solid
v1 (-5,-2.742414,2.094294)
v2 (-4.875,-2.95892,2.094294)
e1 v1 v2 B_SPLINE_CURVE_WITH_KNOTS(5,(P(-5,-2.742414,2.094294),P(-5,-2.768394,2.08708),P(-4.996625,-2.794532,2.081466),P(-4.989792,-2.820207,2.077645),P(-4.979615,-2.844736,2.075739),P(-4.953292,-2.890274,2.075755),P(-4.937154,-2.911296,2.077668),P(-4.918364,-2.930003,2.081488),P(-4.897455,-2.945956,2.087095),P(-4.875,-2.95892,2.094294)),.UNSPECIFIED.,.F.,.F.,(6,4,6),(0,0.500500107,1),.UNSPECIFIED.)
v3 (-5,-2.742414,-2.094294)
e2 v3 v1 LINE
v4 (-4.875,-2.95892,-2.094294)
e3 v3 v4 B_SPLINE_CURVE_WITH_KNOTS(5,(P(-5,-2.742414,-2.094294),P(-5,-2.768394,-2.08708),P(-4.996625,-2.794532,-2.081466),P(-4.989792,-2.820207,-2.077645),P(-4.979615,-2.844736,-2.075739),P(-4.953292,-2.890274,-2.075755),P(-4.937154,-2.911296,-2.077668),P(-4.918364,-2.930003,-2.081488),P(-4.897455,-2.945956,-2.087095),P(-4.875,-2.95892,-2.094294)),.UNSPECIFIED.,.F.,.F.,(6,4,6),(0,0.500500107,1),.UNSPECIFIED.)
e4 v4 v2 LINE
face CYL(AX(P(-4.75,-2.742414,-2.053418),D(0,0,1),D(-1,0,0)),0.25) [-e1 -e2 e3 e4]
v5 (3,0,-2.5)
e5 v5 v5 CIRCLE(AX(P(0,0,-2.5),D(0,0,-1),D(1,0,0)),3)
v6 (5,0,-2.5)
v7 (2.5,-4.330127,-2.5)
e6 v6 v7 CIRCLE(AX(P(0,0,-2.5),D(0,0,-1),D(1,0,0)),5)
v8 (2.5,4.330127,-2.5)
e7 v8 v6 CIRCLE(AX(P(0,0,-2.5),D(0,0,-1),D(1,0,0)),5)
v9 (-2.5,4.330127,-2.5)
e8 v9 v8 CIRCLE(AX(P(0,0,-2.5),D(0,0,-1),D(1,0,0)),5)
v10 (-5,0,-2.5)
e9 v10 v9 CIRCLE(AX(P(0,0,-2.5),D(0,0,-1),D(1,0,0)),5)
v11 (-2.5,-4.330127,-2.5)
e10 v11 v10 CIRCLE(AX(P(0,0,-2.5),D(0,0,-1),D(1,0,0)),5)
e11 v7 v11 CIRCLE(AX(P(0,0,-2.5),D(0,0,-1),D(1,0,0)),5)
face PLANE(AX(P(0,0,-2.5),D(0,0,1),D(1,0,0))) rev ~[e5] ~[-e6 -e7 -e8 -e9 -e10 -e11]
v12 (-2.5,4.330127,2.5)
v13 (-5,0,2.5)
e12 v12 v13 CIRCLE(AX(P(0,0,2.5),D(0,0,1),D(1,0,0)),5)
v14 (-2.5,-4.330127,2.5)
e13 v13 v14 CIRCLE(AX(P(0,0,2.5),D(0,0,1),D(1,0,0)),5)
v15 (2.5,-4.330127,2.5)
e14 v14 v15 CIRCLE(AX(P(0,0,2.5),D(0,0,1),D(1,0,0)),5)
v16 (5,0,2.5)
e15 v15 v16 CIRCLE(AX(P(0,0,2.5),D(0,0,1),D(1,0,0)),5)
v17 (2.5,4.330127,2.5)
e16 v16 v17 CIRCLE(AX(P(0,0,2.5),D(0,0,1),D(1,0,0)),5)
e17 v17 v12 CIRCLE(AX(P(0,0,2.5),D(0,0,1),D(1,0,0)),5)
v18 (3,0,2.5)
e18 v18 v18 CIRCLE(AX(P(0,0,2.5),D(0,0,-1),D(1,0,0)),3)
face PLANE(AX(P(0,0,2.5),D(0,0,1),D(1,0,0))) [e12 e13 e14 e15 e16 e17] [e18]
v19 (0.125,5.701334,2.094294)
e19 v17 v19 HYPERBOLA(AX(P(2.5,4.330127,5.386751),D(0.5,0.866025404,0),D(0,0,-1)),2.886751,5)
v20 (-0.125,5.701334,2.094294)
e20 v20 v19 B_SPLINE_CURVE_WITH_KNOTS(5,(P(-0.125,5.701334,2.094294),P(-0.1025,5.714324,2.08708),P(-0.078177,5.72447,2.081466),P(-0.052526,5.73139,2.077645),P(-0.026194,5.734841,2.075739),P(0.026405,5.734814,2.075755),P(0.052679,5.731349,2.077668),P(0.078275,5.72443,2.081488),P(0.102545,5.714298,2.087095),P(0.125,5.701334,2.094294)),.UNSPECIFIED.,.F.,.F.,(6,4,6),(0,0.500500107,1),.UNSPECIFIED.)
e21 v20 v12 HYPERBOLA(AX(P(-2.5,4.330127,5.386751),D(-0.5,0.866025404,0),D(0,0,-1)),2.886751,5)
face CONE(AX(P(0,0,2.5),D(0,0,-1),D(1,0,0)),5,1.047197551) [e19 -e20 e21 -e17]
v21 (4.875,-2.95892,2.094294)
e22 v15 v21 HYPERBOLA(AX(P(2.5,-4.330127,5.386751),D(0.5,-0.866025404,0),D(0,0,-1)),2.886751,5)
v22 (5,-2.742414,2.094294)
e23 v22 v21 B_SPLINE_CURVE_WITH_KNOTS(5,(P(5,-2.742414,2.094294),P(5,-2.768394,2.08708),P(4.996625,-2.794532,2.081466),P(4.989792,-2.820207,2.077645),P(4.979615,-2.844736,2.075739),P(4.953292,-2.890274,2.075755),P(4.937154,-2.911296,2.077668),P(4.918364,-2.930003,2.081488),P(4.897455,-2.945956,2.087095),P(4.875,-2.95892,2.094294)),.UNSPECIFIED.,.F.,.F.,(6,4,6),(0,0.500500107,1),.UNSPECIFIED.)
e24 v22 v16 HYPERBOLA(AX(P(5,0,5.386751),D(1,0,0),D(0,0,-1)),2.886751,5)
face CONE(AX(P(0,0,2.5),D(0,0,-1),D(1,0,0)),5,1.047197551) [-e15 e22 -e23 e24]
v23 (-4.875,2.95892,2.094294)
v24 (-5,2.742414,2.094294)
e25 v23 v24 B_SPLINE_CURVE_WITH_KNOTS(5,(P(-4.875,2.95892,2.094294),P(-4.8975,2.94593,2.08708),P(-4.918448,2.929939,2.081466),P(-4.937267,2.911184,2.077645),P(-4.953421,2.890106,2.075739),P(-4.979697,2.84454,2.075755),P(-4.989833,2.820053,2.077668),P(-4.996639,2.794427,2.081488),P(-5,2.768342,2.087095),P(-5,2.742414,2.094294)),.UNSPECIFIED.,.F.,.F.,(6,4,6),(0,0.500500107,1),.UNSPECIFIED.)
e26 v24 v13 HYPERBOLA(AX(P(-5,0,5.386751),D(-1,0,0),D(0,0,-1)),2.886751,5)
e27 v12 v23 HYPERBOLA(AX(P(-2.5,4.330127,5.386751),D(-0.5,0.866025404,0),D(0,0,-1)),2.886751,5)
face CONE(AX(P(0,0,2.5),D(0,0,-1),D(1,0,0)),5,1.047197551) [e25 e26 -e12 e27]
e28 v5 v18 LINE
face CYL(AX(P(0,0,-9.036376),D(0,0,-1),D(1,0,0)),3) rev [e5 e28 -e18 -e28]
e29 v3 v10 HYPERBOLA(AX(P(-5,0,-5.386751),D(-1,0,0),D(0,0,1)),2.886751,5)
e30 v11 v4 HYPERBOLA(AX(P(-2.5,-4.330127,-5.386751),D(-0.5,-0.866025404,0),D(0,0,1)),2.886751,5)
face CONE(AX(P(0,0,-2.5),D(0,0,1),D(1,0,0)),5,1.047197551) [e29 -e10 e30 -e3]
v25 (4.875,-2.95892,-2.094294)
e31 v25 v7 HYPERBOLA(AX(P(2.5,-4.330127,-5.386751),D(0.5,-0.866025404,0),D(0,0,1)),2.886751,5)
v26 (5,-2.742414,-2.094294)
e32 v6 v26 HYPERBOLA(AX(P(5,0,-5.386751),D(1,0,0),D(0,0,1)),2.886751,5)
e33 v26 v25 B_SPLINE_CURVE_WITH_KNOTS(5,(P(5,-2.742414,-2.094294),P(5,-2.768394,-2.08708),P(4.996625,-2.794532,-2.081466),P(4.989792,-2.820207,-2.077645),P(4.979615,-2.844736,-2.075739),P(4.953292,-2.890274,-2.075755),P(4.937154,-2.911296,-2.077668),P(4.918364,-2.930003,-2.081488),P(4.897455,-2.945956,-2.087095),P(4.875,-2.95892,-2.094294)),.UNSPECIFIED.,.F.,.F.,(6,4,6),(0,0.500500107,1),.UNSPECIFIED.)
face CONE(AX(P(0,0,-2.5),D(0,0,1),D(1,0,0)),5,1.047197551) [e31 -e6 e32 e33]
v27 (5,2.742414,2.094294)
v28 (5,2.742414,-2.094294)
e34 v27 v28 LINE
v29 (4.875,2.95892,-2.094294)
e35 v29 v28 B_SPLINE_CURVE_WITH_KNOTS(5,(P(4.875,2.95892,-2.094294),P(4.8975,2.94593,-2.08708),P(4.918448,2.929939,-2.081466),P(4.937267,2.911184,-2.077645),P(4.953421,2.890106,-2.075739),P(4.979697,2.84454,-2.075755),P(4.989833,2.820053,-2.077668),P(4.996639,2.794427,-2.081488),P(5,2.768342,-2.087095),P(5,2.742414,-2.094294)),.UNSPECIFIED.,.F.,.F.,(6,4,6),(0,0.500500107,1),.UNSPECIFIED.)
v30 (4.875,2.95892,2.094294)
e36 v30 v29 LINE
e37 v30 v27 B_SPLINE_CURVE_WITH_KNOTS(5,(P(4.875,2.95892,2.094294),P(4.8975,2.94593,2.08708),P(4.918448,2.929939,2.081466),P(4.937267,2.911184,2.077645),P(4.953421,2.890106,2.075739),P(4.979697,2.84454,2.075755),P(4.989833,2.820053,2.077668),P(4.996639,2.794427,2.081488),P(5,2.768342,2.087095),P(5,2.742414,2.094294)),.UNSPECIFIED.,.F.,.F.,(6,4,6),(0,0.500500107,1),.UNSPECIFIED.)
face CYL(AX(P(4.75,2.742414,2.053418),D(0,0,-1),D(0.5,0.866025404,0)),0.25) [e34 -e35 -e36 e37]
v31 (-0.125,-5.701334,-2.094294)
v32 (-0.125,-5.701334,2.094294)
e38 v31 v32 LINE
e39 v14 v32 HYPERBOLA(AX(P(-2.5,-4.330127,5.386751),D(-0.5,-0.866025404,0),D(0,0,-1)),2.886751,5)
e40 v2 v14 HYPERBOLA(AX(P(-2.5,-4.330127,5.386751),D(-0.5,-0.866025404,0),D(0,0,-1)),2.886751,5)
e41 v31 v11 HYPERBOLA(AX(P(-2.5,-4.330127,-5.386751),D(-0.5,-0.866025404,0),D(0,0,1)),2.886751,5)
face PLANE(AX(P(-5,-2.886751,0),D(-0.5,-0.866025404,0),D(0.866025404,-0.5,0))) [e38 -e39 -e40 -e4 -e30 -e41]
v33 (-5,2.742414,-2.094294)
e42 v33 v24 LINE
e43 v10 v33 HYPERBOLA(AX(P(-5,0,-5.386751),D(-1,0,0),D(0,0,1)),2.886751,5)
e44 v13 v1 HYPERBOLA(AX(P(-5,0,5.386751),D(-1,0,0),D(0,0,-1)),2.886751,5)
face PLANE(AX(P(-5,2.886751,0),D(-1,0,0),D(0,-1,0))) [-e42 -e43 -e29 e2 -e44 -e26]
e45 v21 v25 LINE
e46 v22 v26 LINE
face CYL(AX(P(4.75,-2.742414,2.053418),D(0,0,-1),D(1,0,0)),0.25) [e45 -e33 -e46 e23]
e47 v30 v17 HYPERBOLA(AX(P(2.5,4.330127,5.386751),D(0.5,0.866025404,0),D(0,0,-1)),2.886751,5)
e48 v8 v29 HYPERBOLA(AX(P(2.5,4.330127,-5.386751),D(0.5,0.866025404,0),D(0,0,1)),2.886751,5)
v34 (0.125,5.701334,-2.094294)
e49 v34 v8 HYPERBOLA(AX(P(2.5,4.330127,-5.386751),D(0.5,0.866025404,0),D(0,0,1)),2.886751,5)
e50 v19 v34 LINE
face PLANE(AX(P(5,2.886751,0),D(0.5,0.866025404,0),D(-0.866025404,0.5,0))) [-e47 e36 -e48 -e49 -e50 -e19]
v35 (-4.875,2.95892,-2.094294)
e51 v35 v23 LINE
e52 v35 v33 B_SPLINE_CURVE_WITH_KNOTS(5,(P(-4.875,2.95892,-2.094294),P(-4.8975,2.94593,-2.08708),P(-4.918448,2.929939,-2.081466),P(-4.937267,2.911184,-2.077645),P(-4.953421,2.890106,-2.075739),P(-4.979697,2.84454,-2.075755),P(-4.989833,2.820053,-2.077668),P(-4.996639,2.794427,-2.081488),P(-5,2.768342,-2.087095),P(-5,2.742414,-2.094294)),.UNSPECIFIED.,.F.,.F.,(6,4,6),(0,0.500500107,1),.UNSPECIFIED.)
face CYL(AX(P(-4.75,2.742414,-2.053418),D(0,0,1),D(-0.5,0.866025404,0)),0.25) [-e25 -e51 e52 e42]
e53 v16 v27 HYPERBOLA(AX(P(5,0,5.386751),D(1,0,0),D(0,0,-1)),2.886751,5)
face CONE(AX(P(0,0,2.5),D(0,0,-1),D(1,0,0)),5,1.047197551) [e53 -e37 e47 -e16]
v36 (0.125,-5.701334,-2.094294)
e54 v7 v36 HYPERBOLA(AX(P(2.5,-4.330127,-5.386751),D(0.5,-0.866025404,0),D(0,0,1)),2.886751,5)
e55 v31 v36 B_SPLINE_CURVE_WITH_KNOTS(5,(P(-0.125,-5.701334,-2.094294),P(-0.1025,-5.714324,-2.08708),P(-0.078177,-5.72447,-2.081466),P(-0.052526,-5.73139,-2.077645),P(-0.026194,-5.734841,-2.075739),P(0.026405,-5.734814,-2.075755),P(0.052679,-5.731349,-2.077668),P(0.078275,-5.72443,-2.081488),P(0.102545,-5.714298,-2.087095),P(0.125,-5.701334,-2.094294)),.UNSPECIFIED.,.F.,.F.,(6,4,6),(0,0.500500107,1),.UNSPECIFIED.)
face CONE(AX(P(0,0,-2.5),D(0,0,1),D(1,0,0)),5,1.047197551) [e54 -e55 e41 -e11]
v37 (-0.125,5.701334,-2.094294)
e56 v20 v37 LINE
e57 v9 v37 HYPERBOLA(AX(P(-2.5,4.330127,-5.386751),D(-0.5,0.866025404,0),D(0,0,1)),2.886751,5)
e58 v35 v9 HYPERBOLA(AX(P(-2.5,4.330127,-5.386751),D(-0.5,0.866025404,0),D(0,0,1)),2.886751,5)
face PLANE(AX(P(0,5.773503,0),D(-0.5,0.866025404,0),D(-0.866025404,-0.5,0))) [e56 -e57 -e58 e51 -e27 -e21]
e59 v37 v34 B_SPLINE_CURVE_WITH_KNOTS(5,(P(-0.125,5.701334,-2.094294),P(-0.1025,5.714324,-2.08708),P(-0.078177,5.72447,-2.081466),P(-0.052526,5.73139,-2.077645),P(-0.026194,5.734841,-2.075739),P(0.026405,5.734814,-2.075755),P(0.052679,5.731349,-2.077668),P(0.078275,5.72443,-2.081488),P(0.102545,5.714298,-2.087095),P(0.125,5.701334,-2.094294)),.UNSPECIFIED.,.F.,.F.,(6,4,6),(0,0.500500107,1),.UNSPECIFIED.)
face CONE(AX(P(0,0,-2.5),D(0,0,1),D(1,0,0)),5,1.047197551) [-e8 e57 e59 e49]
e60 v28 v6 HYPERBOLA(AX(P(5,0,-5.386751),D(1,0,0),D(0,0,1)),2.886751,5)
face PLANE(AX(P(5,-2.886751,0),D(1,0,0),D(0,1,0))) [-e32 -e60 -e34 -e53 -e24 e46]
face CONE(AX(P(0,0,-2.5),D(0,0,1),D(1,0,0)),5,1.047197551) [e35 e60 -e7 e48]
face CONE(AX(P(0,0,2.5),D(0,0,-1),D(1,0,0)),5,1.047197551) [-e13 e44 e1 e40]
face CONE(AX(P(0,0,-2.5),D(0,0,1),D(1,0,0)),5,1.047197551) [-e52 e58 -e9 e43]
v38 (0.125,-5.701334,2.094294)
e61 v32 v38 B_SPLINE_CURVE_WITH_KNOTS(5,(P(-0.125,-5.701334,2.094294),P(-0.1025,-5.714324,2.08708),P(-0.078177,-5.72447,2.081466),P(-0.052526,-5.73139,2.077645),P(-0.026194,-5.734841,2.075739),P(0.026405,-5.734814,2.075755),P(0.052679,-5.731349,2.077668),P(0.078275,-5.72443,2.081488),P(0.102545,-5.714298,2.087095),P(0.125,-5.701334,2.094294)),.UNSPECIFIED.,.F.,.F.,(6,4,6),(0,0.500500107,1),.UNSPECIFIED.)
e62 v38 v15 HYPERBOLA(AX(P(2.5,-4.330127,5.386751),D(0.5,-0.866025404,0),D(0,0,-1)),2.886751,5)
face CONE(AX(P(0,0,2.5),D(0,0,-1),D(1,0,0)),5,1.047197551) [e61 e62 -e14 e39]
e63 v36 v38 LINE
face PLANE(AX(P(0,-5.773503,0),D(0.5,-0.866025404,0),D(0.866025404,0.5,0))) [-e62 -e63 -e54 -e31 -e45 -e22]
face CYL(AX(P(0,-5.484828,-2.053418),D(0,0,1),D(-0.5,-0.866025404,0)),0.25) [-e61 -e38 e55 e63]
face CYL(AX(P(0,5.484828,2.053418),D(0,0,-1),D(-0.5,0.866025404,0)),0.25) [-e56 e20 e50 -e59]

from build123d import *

# Parameters (mm, degrees)
BOSS_EXTRUDE2_DEPTH     = 2.5
CUT_EXTRUDE4_DEPTH      = 9.036375634
CUT_EXTRUDE4_DEPTH_BACK = 9.036375634
SKETCH16_R              = 3
SKETCH7_OUTSIDE_W       = 50.302
SKETCH7_OUTSIDE_H       = 51.85
SKETCH7_OUTSIDE_R       = 5
CUT_EXTRUDE5_DEPTH      = 10.128709292
CUT_EXTRUDE5_DRAFT      = -60
MIRROR4_COPY_1_SKETCH_W = 50.302
MIRROR4_COPY_1_SKETCH_H = 51.85
MIRROR4_COPY_1_SKETCH_R = 5
MIRROR4_COPY_1_DEPTH    = 10.128709292
MIRROR4_COPY_1_DRAFT    = -60
FILLET2_R               = 0.25


with BuildPart() as part:
    # Sketch15 → Boss-Extrude2 (new, symmetric)
    with BuildSketch(Plane.XY):
        Polygon((0, 5.773502692), (-5, 2.886751346), (-5, -2.886751346), (0, -5.773502692), (5, -2.886751346), (5, 2.886751346), align=None)
    extrude(amount=BOSS_EXTRUDE2_DEPTH, both=True)

    # Sketch16 → Cut-Extrude4 (cut, two sides: drawn at the far end of the back side and taken through both)
    with BuildSketch(Plane.XY.offset(-CUT_EXTRUDE4_DEPTH_BACK)):
        Circle(SKETCH16_R)
    extrude(amount=CUT_EXTRUDE4_DEPTH + CUT_EXTRUDE4_DEPTH_BACK, mode=Mode.SUBTRACT)


with BuildPart() as cut_extrude5_tool:
    # Sketch7 outside → Cut-Extrude5 (with draft: the straight prism first)
    with BuildSketch(Plane.XY.offset(2.5)):
        Rectangle(SKETCH7_OUTSIDE_W, SKETCH7_OUTSIDE_H)
        Circle(SKETCH7_OUTSIDE_R, mode=Mode.SUBTRACT)
    extrude(amount=-CUT_EXTRUDE5_DEPTH)
    # Cut-Extrude5: the draft: its side faces are tilted about the plane it starts from
    cut_extrude5_sides = [cut_extrude5_tool.faces().sort_by_distance(p)[0] for p in [
        (0, -25.925, -2.564354646),
        (25.151, 0, -2.564354646),
        (0, 25.925, -2.564354646),
        (-25.151, 0, -2.564354646),
        (-5, 0, -2.564354646),
    ]]
    draft(cut_extrude5_sides, Plane.XY.offset(2.5), CUT_EXTRUDE5_DRAFT)


with BuildPart() as part_1:
    add(part.part)

    # Cut-Extrude5: cut by cut_extrude5_tool
    add(cut_extrude5_tool.part, mode=Mode.SUBTRACT)


with BuildPart() as mirror4_copy_1_tool:
    # Mirror4 copy 1 sketch → Mirror4 copy 1 (with draft: the straight prism first)
    with BuildSketch(Plane(origin=(0, 0, -2.5), x_dir=(1, 0, 0), z_dir=(0, 0, -1))):
        Rectangle(MIRROR4_COPY_1_SKETCH_W, MIRROR4_COPY_1_SKETCH_H)
        Circle(MIRROR4_COPY_1_SKETCH_R, mode=Mode.SUBTRACT)
    extrude(amount=-MIRROR4_COPY_1_DEPTH)
    # Mirror4 copy 1: the draft: its side faces are tilted about the plane it starts from
    mirror4_copy_1_sides = [mirror4_copy_1_tool.faces().sort_by_distance(p)[0] for p in [
        (0, -25.925, 2.564354646),
        (25.151, 0, 2.564354646),
        (0, 25.925, 2.564354646),
        (-25.151, 0, 2.564354646),
        (-5, 0, 2.564354646),
    ]]
    draft(mirror4_copy_1_sides, Plane(origin=(0, 0, -2.5), x_dir=(1, 0, 0), z_dir=(0, 0, -1)), MIRROR4_COPY_1_DRAFT)


with BuildPart() as part_2:
    add(part_1.part)

    # Mirror4 copy 1: cut by mirror4_copy_1_tool
    add(mirror4_copy_1_tool.part, mode=Mode.SUBTRACT)

    # Fillet2
    fillet2_edges = [part_2.edges().sort_by_distance(p)[0] for p in [
        (-5, 2.886751346, 0),
        (-5, -2.886751346, 0),
        (0, -5.773502692, 0),
        (5, -2.886751346, 0),
        (5, 2.886751346, 0),
        (0, 5.773502692, 0),
    ]]
    fillet(fillet2_edges, radius=FILLET2_R)


solid = part_2.part
